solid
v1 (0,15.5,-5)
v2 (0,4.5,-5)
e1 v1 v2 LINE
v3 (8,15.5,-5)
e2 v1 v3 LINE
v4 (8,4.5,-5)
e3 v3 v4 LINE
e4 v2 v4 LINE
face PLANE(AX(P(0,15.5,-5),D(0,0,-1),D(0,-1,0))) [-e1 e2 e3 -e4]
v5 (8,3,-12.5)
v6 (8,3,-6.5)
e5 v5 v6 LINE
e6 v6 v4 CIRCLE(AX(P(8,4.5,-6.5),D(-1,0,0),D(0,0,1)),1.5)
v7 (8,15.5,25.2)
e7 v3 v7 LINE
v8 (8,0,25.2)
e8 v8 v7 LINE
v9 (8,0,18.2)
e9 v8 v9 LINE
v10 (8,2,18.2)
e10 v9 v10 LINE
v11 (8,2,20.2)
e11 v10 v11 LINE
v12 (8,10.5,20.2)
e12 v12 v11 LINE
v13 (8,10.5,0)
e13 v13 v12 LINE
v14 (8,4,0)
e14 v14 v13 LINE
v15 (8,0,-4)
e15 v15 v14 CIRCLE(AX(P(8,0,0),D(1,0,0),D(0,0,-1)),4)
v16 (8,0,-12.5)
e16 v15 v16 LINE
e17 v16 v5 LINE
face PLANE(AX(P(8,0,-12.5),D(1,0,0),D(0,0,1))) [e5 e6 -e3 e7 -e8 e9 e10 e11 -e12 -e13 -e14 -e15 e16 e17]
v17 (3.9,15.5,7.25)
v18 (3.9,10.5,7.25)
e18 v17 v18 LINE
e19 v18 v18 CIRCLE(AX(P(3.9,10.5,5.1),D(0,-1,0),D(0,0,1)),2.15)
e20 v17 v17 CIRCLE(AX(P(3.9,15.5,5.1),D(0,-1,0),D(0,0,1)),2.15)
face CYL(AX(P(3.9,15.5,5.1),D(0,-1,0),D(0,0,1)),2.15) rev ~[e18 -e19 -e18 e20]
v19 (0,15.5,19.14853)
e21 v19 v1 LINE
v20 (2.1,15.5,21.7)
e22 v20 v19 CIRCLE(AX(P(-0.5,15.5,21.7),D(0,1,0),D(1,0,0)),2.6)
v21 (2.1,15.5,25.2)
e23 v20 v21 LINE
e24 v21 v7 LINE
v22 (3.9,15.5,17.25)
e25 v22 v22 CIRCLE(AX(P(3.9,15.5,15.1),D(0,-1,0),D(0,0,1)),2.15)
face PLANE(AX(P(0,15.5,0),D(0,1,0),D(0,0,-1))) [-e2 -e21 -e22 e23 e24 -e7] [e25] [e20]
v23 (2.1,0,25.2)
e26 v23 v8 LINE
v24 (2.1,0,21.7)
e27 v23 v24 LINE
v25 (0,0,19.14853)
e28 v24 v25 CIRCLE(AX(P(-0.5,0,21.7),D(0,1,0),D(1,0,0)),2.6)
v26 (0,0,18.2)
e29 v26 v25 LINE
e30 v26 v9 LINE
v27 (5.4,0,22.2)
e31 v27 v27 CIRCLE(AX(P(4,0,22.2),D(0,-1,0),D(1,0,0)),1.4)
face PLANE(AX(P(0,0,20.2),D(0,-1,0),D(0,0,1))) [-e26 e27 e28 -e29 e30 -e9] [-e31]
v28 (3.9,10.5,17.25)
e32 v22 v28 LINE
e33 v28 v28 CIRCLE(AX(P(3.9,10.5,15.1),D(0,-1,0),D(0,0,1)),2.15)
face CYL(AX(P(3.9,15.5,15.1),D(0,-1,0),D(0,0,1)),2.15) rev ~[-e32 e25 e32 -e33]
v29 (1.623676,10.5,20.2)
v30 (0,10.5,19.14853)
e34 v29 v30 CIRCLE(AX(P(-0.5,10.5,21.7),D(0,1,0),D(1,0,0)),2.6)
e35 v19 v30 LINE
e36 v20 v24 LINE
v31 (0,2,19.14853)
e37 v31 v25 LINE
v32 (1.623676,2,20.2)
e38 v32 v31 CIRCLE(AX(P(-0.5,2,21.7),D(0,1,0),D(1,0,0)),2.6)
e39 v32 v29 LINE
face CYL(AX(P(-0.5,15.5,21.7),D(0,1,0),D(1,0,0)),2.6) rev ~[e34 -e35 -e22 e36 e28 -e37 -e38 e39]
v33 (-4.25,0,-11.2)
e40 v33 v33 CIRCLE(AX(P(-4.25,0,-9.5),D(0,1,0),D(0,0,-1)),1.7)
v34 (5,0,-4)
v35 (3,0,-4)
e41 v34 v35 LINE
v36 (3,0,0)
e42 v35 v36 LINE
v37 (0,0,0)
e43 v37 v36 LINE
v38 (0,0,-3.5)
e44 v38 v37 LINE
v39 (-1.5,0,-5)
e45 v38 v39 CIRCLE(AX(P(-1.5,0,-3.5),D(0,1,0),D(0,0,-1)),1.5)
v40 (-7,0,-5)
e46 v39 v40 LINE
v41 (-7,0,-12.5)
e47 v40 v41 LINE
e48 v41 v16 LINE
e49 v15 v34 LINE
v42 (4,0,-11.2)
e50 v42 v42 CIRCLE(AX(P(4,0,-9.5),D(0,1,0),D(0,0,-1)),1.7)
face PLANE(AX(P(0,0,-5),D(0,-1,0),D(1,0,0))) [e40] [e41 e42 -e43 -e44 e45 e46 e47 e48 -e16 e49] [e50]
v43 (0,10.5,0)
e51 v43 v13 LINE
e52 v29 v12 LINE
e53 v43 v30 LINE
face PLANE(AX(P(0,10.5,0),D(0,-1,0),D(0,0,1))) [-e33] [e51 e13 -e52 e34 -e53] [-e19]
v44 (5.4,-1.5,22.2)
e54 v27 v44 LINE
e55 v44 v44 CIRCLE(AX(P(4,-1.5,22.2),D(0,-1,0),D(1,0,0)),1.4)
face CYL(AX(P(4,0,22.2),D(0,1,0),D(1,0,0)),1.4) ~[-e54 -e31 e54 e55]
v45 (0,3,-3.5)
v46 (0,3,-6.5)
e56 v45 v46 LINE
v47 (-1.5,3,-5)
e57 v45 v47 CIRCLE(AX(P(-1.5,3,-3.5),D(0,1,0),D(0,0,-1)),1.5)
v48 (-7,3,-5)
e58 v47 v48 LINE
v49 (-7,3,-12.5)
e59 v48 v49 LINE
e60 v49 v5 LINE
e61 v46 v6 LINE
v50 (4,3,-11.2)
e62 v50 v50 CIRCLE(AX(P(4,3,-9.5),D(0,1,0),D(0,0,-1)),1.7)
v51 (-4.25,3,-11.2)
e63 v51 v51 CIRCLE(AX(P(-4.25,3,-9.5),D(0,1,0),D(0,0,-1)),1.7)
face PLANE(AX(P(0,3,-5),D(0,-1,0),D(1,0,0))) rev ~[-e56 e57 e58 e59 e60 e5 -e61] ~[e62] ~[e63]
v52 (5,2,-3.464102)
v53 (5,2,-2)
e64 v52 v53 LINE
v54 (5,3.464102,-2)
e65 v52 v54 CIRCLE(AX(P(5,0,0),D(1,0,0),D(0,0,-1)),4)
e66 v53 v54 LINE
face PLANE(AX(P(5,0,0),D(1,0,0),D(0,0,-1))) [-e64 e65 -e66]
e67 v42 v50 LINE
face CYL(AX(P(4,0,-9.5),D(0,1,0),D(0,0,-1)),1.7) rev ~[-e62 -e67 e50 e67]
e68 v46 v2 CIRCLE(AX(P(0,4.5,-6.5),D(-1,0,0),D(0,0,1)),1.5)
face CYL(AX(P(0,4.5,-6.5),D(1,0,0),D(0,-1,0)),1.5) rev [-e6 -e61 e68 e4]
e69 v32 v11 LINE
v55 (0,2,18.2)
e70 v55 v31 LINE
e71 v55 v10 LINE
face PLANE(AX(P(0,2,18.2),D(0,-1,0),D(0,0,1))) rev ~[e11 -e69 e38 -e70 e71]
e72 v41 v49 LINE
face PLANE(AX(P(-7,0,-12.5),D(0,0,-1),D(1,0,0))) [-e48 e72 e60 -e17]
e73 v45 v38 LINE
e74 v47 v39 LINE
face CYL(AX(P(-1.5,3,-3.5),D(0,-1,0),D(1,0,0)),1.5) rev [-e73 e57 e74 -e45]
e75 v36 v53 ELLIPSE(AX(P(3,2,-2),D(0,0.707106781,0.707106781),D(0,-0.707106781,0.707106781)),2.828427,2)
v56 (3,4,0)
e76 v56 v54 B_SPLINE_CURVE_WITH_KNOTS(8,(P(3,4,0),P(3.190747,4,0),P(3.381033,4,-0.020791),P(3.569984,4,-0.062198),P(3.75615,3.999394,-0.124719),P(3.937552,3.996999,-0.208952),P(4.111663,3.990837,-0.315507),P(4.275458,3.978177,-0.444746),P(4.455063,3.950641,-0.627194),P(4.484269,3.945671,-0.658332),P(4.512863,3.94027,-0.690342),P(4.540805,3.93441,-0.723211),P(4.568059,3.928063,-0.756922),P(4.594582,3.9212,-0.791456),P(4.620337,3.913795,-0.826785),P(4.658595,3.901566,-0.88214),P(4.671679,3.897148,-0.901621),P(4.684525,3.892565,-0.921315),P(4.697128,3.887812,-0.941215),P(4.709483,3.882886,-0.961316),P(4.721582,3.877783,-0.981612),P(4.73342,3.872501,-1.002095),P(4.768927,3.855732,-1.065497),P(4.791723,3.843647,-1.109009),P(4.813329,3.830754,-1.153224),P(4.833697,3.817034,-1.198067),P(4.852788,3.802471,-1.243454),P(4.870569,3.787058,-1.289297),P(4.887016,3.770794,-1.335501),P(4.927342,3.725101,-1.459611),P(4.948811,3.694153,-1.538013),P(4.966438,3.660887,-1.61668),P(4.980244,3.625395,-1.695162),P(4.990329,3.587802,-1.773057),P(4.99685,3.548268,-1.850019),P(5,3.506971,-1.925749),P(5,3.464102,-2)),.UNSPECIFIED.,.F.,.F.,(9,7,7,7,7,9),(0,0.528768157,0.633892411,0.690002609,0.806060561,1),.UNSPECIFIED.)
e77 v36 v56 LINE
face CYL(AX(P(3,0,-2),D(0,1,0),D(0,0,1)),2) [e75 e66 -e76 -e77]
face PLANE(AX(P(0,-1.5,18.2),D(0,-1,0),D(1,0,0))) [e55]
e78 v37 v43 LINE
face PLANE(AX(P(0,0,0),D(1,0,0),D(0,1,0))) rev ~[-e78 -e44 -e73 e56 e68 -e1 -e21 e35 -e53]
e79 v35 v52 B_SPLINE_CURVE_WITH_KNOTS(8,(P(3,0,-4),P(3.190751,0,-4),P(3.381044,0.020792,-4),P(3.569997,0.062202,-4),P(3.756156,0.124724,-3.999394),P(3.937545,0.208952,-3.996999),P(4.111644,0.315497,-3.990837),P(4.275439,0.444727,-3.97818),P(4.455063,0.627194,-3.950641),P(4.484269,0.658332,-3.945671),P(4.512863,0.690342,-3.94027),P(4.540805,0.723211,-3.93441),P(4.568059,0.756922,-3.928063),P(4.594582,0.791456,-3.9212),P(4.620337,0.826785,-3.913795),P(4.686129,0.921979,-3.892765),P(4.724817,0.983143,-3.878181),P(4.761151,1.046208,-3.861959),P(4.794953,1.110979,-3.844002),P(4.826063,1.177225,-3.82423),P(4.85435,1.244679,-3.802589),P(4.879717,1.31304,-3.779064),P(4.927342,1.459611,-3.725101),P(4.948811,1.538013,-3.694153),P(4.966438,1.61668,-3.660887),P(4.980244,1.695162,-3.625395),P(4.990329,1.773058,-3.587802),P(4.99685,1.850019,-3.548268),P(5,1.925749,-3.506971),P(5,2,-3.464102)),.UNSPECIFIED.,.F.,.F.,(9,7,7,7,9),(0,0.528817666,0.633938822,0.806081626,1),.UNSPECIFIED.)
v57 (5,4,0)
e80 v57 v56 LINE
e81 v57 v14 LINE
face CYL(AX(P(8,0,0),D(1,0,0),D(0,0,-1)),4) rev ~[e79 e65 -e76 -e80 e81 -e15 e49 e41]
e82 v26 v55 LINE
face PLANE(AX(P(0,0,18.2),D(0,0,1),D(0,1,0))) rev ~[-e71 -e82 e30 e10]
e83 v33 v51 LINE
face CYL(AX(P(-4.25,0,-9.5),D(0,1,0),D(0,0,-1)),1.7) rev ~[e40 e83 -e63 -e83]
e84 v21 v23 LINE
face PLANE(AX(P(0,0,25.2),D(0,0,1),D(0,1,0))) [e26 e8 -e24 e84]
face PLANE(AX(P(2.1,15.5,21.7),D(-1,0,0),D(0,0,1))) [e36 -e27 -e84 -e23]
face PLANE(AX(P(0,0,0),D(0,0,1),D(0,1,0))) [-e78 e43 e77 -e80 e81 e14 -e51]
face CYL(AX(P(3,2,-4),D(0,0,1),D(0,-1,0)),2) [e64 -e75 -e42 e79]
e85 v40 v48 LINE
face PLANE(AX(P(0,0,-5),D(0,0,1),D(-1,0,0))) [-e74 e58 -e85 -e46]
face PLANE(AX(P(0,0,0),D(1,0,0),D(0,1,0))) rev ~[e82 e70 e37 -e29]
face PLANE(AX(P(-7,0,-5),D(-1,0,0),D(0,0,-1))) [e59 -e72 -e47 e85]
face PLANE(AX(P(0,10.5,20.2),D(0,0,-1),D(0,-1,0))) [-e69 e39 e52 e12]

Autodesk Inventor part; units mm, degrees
ref_plane "YZ Plane" through (0, 0, 0) normal (1, 0, 0) x (0, 1, 0)
ref_plane "XZ Plane" through (0, 0, 0) normal (0, 1, 0) x (-1, 0, 0)
ref_plane "XY Plane" through (0, 0, 0) normal (0, 0, 1) x (1, 0, 0)
sketch "Sketch1" plane through (0, 0, 0) normal (1, 0, 0) x (0, 1, 0)
  line L0 (0, 0) -> (15.5, 0)
  line L1 (15.5, 0) -> (15.5, -5)
  line L2 (15.5, -5) -> (0, -5)
  line L3 (0, -5) -> (0, 0)
  line L4 (15.5, 0) -> (10.5, 0)
  line L5 (10.5, 0) -> (10.5, 20.2)
  line L6 (10.5, 20.2) -> (15.5, 20.2)
  line L7 (15.5, 20.2) -> (15.5, 0)
  line L8 (15.5, 20.2) -> (0, 20.2)
  line L9 (0, 20.2) -> (0, 25.2)
  line L10 (0, 25.2) -> (15.5, 25.2)
  line L11 (15.5, 25.2) -> (15.5, 20.2)
  line L12 (2, 20.2) -> (0, 20.2)
  line L13 (0, 20.2) -> (0, 18.2)
  line L14 (0, 18.2) -> (2, 18.2)
  line L15 (2, 18.2) -> (2, 20.2)
  dimension "d0" = 5
  dimension "d2" = 5
  dimension "d3" = 20.2
  dimension "d4" = 5
  dimension "d16" = 10.5
  dimension "d23" = 2
  dimension "d24" = 2
extrude "Extrusion1" add sketch "Sketch1" along normal blind 8
sketch "Sketch2" plane through (0, 15.5, 25.2) normal (0, 1, 0) x (1, 0, 0)
  line L0 (0, 0) -> (8, 0) construction
  line L1 (3.9, 0) -> (3.9, 30.2) construction
  line L2 (0, 30.2) -> (8, 30.2) construction
  line L3 (0, 30.2) -> (0, 0) construction
  line L4 (0, 30.2) -> (0, 0) construction
  line L5 (0, 0) -> (8, 0) construction
  line L6 (8, 30.2) -> (8, 0) construction
  line L7 (0, 30.2) -> (8, 30.2) construction
  line L8 (3.9, 15.1) -> (1.5202, 15.1)
  point P0 (0, 25.2)
  point P1 (3.9, 10.1)
  point P2 (3.9, 20.1)
  dimension "d7" = 3.9
  dimension "d8" = 10
hole "Hole1" at (3.9, 15.5, 15.1) at (3.9, 15.5, 5.1) direction (0, -1, 0) diameter 4.3 depth 10 tip angle 118
sketch "Sketch4" plane through (0, 15.5, 25.2) normal (0, 1, 0) x (1, 0, 0)
  circle A0 centre (3.9, 10.1) radius 2.15 projected
  circle A1 centre (3.9, 20.1) radius 2.15 projected
  line L0 (0, 30.2) -> (0, 0) projected
  line L1 (0, 0) -> (8, 0) projected
  line L2 (8, 30.2) -> (8, 0) projected
  line L3 (0, 30.2) -> (8, 30.2) projected
  line L4 (0, 0) -> (8, 0) projected
  circle A2 centre (-0.5, 3.5) radius 2.6
  line L5 (2.1, 3.5) -> (2.1, 0)
  point P0 (0, 25.2)
  point P1 (0, 6.0515)
  point P2 (0, 0.9485)
  point P3 (2.1, 0)
  dimension "d19" = 5.2
  dimension "d20" = 0.5
  dimension "d63" = 3.5
extrude "Extrusion2" cut sketch "Sketch4" against normal through all contours A2 L0 | A2 L5 L1 L0 picked at (0.1891, 2.7097)
sketch "Sketch5" plane through (0, 0, 18.2) normal (0, -1, 0) x (1, 0, 0)
  arc A0 (0, 0.9485) -> (2.1, 3.5) centre (-0.5, 3.5) ccw projected
  line L0 (0, 0.9485) -> (0, 0) projected
  line L1 (0, 0) -> (8, 0) projected
  line L2 (8, 7) -> (8, 0) projected
  line L3 (2.1, 7) -> (8, 7) projected
  line L4 (2.1, 7) -> (2.1, 3.5) projected
  circle A1 centre (4, 4) radius 1.4
  point P0 (0, -18.2)
  point P1 (8, 3.5)
  dimension "d25" = 2.8
  dimension "d26" = 4
  dimension "d28" = 3
extrude "Extrusion3" add sketch "Sketch5" along normal blind 1.5 contours A1
sketch "Sketch6" plane through (0, 0, -5) normal (0, -1, 0) x (1, 0, 0)
  line L0 (0, 5) -> (0, 0) projected
  line L1 (0, 0) -> (8, 0) projected
  line L2 (8, 5) -> (8, 0) projected
  line L3 (0, 5) -> (8, 5) projected
  line L4 (0, 5) -> (8, 5) projected
  line L5 (0, 0) -> (0, 24.1485) projected
  line L6 (8, 0) -> (-7, 0)
  line L7 (-7, 0) -> (-7, -7.5)
  line L8 (-7, -7.5) -> (8, -7.5)
  line L9 (8, -7.5) -> (8, 0)
  dimension "d59" = 7.5
  dimension "d60" = 15
extrude "Extrusion4" add sketch "Sketch6" against normal blind 3 contours L1 L9 L8 L7 L6
fillet "Fillet1" radius 1.5 2 edges at (4, 3, -5) (0, 1.5, -5)
sketch "Sketch9" plane through (8, 0, 0) normal (1, 0, 0) x (0, 0, -1)
  line L0 (0, 0) -> (3.5, 0) projected
  circle A0 centre (0, 0) radius 4
  dimension "d64" = 8
extrude "Extrusion5" cut sketch "Sketch9" against normal blind 3
fillet "Fillet2" radius 2 2 edges at (5, 0, -2) (5, 2, 0)
sketch "Sketch10" plane through (-7, 0, -12.5) normal (0, -1, 0) x (1, 0, 0)
  line L0 (10, 12.5) -> (10, 8.5) projected
  line L1 (7, 12.5) -> (10, 12.5) projected
  line L2 (7, 12.5) -> (7, 9) projected
  arc A0 (5.5, 7.5) -> (7, 9) centre (5.5, 9) ccw projected
  line L3 (5.5, 7.5) -> (0, 7.5) projected
  line L4 (0, 7.5) -> (0, 0) projected
  line L5 (0, 0) -> (15, 0) projected
  line L6 (15, 8.5) -> (15, 0) projected
  line L7 (15, 8.5) -> (10, 8.5) projected
  line L8 (15, 0) -> (0, 0) construction
  line L9 (0, 7.5) -> (5.5, 7.5) construction
  point P0 (11, 3)
  point P1 (2.75, 3)
  dimension "d76" = 3
  dimension "d77" = 4
hole "Hole4" at (4, 0, -9.5) at (-4.25, 0, -9.5) direction (0, 1, 0) diameter 3.4 depth 10 tip angle 118
properties part number "Servo mount"
